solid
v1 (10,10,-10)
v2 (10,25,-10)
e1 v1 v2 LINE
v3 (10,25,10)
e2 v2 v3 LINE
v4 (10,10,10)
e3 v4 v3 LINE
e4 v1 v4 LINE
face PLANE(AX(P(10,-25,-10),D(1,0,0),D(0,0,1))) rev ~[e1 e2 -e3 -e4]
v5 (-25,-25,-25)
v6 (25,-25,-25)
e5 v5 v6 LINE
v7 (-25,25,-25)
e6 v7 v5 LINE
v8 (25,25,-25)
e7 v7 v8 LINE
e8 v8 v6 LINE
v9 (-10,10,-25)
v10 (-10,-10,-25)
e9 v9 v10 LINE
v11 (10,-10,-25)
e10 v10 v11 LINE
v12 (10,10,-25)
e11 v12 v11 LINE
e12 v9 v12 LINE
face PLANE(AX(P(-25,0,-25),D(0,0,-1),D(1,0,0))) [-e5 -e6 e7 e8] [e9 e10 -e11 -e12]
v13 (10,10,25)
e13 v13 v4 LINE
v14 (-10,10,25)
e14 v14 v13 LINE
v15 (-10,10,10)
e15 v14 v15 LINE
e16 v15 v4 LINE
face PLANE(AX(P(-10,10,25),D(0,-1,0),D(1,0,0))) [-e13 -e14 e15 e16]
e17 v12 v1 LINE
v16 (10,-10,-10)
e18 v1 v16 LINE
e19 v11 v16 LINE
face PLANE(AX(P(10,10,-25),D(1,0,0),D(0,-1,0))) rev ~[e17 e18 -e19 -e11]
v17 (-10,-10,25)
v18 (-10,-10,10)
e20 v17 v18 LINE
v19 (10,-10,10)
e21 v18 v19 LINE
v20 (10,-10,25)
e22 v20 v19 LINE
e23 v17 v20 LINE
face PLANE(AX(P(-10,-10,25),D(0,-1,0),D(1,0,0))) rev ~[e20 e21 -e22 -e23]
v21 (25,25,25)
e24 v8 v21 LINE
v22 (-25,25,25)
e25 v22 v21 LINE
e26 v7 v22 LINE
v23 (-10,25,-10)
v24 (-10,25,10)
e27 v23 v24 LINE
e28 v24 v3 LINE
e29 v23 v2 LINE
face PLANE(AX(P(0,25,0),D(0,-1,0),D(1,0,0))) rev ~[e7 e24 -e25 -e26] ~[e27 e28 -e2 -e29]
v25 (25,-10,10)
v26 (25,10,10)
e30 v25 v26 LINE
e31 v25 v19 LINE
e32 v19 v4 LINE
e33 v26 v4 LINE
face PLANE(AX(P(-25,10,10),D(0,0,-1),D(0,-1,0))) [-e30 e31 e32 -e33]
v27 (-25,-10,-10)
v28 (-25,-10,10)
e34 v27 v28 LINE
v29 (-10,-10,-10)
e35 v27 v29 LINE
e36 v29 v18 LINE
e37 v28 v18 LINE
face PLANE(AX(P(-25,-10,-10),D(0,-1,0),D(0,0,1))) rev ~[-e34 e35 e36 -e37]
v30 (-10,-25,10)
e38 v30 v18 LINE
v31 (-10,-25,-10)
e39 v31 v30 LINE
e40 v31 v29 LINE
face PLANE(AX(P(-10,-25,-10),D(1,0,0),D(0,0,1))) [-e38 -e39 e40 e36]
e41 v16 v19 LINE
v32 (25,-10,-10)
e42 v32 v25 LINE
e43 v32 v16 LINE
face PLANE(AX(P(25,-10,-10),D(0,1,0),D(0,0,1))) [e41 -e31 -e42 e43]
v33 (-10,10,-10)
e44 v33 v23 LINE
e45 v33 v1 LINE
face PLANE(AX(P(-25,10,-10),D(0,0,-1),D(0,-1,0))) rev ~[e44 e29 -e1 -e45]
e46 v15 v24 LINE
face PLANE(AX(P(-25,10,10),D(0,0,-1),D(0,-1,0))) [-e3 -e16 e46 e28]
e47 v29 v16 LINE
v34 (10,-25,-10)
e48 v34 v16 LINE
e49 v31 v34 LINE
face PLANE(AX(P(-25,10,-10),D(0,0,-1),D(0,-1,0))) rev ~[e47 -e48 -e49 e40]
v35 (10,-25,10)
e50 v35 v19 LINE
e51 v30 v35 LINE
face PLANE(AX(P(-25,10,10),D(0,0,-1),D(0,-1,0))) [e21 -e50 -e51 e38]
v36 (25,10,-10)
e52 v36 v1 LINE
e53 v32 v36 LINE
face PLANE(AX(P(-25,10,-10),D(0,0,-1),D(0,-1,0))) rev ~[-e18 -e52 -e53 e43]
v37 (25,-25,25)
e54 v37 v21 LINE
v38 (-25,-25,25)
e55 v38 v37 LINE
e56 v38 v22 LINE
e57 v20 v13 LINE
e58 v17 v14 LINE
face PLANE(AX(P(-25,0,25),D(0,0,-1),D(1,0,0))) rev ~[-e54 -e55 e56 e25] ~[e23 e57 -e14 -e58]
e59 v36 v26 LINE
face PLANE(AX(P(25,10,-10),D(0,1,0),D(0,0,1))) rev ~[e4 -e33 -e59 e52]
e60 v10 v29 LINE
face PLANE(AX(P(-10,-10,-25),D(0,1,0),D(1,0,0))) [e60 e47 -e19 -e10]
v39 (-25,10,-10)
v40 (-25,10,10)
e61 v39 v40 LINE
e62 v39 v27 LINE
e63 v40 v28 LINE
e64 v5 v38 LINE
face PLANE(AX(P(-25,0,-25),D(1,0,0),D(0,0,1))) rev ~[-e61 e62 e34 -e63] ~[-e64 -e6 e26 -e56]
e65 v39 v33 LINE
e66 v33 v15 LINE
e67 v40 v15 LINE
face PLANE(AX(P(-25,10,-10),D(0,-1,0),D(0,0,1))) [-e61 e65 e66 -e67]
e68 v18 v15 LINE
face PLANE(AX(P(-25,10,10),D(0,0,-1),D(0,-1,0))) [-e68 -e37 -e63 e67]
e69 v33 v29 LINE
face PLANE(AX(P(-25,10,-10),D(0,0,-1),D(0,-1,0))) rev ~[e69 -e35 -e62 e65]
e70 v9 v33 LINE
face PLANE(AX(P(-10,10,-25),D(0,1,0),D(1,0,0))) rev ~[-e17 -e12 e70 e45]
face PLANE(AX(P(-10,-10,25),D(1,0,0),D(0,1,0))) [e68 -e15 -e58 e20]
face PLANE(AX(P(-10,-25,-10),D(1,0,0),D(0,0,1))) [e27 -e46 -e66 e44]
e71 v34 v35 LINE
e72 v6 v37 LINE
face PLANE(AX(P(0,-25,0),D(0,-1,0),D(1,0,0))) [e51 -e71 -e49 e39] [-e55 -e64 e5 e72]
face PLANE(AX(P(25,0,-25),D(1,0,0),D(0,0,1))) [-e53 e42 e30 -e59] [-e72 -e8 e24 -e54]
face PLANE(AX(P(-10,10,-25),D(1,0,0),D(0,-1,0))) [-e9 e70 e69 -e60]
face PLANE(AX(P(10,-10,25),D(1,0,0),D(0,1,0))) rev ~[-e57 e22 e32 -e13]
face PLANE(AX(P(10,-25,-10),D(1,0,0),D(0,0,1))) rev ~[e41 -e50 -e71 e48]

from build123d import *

# Parameters (mm, degrees)
F0_W      = 50
F0_H      = 50
F1_DEPTH  = 25
F2_W      = 20
F2_H      = 20
F3_DEPTH  = 50
F4_W      = 20
F4_H      = 20
F5_DEPTH  = 15
F6_W      = 20
F6_H      = 20
F7_DEPTH  = 15
F8_W      = 20
F8_H      = 20
F9_DEPTH  = 15
F10_W     = 20
F10_H     = 20
F11_DEPTH = 15


with BuildPart() as f1:
    # F0 (on Front) → F1 (new body, symmetric)
    with BuildSketch(Plane.XZ):
        Rectangle(F0_W, F0_H)
    extrude(amount=F1_DEPTH, both=True)

    # F2 (on face) → F3 (cut, through all)
    with BuildSketch(Plane.XZ.offset(25)):
        Rectangle(F2_W, F2_H)
    extrude(amount=-F3_DEPTH, mode=Mode.SUBTRACT)

    # F4 (on face) → F5 (cut, through all)
    with BuildSketch(Plane(origin=(-25, 0, 0), x_dir=(0, -1, 0), z_dir=(-1, 0, 0))):
        Rectangle(F4_W, F4_H)
    extrude(amount=-F5_DEPTH, mode=Mode.SUBTRACT)

    # F6 (on face) → F7 (cut, through all)
    with BuildSketch(Plane.YZ.offset(25)):
        Rectangle(F6_W, F6_H)
    extrude(amount=-F7_DEPTH, mode=Mode.SUBTRACT)

    # F8 (on face) → F9 (cut, through all)
    with BuildSketch(Plane.XY.offset(25)):
        Rectangle(F8_W, F8_H)
    extrude(amount=-F9_DEPTH, mode=Mode.SUBTRACT)

    # F10 (on face) → F11 (cut, through all)
    with BuildSketch(Plane(origin=(0, 0, -25), x_dir=(1, 0, 0), z_dir=(0, 0, -1))):
        Rectangle(F10_W, F10_H)
    extrude(amount=-F11_DEPTH, mode=Mode.SUBTRACT)


solid = f1.part
